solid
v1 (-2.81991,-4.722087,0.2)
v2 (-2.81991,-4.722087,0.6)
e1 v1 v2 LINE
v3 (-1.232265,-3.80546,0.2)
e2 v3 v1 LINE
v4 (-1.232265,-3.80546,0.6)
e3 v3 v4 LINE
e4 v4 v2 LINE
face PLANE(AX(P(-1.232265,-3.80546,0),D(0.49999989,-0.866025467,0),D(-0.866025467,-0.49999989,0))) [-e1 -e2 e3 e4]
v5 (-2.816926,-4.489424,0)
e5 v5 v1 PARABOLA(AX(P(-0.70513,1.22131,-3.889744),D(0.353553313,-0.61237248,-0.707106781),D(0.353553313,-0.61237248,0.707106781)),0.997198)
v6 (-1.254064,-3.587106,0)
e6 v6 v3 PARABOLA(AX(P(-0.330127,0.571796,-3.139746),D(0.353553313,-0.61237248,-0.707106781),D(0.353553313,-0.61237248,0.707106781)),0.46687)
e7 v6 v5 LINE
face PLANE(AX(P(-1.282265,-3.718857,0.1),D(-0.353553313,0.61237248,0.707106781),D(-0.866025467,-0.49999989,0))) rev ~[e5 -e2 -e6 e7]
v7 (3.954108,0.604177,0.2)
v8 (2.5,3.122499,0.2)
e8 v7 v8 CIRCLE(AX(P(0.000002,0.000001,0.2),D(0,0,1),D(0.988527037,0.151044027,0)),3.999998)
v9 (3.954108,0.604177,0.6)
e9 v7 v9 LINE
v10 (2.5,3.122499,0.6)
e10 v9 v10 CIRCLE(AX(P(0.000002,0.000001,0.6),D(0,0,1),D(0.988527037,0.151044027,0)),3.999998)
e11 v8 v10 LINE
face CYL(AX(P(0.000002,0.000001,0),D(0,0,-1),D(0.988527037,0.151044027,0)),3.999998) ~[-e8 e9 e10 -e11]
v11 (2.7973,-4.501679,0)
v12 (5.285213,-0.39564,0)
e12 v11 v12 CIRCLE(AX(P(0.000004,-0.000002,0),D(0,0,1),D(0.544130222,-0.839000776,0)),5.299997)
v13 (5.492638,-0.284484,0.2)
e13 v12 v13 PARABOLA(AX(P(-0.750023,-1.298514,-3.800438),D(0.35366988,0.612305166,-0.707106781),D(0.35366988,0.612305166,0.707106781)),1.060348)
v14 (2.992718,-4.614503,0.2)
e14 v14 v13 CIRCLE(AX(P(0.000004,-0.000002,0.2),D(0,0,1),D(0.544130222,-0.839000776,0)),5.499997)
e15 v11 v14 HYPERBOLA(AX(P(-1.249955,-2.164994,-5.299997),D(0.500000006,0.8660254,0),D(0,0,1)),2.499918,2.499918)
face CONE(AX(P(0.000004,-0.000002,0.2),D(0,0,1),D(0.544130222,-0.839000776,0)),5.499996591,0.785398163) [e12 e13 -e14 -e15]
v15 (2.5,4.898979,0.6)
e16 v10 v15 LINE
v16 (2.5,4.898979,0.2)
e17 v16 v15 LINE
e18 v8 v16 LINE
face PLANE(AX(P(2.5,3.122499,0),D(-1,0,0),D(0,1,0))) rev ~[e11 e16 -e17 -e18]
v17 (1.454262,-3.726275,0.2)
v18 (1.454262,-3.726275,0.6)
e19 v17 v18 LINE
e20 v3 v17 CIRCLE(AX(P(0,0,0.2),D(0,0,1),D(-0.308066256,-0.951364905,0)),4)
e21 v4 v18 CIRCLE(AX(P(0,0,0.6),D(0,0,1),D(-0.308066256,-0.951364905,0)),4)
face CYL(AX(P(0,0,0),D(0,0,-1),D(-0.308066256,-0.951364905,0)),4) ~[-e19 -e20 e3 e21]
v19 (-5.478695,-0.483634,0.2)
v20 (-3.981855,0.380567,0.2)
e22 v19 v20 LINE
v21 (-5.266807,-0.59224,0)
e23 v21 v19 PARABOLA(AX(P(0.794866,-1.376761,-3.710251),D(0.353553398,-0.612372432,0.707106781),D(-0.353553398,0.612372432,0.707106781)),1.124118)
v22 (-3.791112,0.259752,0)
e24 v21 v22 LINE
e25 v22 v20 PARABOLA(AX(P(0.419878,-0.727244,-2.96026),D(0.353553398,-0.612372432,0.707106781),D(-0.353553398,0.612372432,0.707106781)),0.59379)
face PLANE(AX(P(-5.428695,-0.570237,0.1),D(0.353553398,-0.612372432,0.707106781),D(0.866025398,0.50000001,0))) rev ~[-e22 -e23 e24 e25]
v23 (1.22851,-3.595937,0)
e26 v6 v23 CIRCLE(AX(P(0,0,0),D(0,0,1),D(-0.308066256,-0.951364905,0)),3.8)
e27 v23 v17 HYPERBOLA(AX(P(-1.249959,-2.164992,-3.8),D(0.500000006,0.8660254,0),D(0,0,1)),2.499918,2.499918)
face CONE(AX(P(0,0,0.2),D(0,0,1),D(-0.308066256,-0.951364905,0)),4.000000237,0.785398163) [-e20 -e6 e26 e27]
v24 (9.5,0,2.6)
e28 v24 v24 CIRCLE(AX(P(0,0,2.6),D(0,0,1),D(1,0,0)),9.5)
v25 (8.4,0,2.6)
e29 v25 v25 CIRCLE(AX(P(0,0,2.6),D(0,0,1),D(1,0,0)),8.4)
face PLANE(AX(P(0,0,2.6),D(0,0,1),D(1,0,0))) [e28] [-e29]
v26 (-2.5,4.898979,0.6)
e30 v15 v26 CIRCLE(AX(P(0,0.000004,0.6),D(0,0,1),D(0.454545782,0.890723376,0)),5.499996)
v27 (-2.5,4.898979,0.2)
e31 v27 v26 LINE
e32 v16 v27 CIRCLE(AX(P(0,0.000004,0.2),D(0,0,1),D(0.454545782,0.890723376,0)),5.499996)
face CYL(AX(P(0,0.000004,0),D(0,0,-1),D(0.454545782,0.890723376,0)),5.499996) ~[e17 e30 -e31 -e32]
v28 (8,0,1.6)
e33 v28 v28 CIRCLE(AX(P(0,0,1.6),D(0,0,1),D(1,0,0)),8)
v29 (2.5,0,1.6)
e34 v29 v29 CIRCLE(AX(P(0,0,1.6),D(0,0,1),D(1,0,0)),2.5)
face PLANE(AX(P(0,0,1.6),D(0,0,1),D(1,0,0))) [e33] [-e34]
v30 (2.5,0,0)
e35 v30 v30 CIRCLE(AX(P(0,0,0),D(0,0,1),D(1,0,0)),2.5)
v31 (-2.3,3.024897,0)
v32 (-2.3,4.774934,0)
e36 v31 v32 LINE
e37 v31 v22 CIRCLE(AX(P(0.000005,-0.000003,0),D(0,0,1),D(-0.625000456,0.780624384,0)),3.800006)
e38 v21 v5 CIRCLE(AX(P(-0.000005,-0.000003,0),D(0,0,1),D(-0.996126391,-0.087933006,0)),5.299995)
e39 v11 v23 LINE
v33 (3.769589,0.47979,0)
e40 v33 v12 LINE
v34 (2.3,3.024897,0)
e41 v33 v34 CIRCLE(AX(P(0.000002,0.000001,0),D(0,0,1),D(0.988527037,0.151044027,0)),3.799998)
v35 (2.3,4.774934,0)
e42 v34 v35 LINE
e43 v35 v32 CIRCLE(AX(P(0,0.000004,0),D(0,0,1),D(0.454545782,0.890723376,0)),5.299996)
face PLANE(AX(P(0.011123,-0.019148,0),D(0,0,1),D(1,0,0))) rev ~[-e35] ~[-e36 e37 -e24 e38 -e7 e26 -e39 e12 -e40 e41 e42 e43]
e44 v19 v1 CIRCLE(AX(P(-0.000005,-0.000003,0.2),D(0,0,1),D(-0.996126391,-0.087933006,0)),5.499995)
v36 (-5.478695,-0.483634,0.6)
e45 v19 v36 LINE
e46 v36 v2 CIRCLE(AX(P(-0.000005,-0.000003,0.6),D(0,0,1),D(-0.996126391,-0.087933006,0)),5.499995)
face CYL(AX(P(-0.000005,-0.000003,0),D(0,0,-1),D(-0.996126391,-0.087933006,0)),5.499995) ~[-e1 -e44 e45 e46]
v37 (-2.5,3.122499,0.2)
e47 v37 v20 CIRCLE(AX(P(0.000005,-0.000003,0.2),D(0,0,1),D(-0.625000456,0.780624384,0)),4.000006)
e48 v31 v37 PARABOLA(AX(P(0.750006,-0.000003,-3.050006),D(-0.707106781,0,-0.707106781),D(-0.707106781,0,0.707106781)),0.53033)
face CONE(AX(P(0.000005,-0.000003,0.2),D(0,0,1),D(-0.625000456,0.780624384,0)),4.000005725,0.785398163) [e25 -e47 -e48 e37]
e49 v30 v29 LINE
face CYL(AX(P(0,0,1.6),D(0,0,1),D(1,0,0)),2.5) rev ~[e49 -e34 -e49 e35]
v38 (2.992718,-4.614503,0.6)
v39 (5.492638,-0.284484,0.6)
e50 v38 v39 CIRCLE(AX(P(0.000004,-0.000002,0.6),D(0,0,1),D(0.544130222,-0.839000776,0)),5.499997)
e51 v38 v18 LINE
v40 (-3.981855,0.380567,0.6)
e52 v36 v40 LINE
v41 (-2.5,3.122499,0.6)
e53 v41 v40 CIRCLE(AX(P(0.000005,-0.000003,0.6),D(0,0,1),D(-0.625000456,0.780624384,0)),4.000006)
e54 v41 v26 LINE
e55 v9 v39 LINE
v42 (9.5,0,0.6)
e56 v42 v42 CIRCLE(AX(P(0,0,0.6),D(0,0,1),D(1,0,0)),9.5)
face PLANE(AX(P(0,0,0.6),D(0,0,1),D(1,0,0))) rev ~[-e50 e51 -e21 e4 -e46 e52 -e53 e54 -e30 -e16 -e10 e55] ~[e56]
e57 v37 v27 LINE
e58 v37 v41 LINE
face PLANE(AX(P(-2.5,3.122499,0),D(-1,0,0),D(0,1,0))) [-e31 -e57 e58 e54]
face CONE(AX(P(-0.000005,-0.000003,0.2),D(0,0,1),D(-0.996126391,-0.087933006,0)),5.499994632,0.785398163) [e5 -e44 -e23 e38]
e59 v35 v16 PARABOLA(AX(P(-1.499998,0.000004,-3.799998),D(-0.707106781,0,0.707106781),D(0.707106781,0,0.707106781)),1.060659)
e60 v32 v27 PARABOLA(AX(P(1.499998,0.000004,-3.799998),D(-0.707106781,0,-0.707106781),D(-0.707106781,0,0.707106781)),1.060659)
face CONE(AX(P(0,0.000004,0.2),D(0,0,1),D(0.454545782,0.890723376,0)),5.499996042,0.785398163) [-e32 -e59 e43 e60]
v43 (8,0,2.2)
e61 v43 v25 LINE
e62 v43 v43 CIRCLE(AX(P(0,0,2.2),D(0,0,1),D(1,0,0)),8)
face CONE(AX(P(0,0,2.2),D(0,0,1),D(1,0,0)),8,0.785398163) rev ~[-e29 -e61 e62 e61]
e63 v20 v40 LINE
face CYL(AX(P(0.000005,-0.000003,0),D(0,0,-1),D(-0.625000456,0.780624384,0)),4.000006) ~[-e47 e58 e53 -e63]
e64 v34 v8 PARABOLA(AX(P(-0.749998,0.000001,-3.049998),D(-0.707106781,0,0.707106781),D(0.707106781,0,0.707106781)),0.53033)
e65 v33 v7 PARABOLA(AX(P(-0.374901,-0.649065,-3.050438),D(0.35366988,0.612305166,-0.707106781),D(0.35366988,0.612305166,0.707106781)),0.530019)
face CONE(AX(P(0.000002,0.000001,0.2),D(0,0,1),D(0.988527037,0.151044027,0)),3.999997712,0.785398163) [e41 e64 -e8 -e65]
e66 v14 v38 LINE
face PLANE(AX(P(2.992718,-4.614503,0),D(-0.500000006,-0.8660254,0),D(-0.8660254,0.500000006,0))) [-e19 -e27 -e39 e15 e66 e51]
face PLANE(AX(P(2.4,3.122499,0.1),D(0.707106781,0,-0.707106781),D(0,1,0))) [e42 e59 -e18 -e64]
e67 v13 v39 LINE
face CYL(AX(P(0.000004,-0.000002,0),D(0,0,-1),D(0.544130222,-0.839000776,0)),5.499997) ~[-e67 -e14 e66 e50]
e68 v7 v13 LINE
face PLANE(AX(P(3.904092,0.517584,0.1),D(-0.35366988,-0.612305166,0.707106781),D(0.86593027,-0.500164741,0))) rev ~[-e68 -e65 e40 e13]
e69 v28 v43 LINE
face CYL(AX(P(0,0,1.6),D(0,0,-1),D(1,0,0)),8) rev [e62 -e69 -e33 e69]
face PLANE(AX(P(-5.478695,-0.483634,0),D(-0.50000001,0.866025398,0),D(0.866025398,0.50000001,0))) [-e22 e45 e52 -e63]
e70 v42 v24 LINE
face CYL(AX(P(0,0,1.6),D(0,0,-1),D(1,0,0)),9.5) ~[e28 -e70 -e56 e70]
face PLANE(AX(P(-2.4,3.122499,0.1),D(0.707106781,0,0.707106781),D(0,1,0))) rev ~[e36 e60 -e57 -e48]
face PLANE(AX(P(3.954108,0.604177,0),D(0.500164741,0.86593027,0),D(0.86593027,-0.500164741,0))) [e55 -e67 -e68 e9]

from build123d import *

# Parameters (mm, degrees)
SKETCH_R        = 2.5
PAD_DEPTH       = 0.6
SKETCH002_R     = 9.5
PAD001_DEPTH    = 1
SKETCH003_R     = 9.5
SKETCH003_R_2   = 8
PAD002_DEPTH    = 1
SKETCH004_R     = 2.5
POCKET_DEPTH    = 1.601
CHAMFER_SIZE    = 0.4
CHAMFER001_SIZE = 0.2


with BuildPart() as part:
    # Sketch → Pad (new body)
    with BuildSketch(Plane.XY):
        with BuildLine():
            ThreePointArc((-2.5, 3.122499), (-3.518971, 1.901799), (-3.981855, 0.380567))
            Line((-5.478695, -0.483634), (-3.981855, 0.380567))
            ThreePointArc((-5.478695, -0.483634), (-4.659167, -2.922699), (-2.81991, -4.722087))
            Line((-1.232265, -3.80546), (-2.81991, -4.722087))
            ThreePointArc((-1.232265, -3.80546), (0.117848, -3.998264), (1.454262, -3.726275))
            Line((2.992718, -4.614503), (1.454262, -3.726275))
            ThreePointArc((2.992718, -4.614503), (4.763149, -2.749985), (5.492638, -0.284484))
            Line((3.954108, 0.604177), (5.492638, -0.284484))
            ThreePointArc((3.954108, 0.604177), (3.46401, 2.000159), (2.5, 3.122499))
            Line((2.5, 3.122499), (2.5, 4.898979))
            ThreePointArc((2.5, 4.898979), (0, 5.5), (-2.5, 4.898979))
            Line((-2.5, 3.122499), (-2.5, 4.898979))
        make_face()
        Circle(SKETCH_R, mode=Mode.SUBTRACT)
    extrude(amount=PAD_DEPTH)

    # Sketch002 (on Face15 of Pad) → Pad001 (join)
    with BuildSketch(Plane.XY.offset(0.6)):
        Circle(SKETCH002_R)
    extrude(amount=PAD001_DEPTH)

    # Sketch003 (on Face3 of Pad001) → Pad002 (join)
    with BuildSketch(Plane.XY.offset(1.6)):
        Circle(SKETCH003_R)
        Circle(SKETCH003_R_2, mode=Mode.SUBTRACT)
    extrude(amount=PAD002_DEPTH)

    # Sketch004 (on Face20 of Pad002) → Pocket (cut, through all)
    with BuildSketch(Plane.XY.offset(1.6)):
        Circle(SKETCH004_R)
    extrude(amount=-POCKET_DEPTH, mode=Mode.SUBTRACT)

    # Chamfer
    chamfer_edges = [part.edges().sort_by_distance(p)[0] for p in [
        (-8, 0, 2.6),
    ]]
    chamfer(chamfer_edges, length=CHAMFER_SIZE)

    # Chamfer001
    chamfer001_edges = [part.edges().sort_by_distance(p)[0] for p in [
        (4.723373, 0.159847, 0),
        (4.763149, -2.749985, 0),
        (0.117848, -3.998264, 0),
        (-2.026088, -4.263773, 0),
        (-4.659167, -2.922699, 0),
        (-4.730275, -0.051534, 0),
        (-3.518971, 1.901799, 0),
        (-2.5, 4.010739, 0),
        (0, 5.5, 0),
        (2.5, 4.010739, 0),
        (3.46401, 2.000159, 0),
    ]]
    chamfer(chamfer001_edges, length=CHAMFER001_SIZE)


solid = part.part
